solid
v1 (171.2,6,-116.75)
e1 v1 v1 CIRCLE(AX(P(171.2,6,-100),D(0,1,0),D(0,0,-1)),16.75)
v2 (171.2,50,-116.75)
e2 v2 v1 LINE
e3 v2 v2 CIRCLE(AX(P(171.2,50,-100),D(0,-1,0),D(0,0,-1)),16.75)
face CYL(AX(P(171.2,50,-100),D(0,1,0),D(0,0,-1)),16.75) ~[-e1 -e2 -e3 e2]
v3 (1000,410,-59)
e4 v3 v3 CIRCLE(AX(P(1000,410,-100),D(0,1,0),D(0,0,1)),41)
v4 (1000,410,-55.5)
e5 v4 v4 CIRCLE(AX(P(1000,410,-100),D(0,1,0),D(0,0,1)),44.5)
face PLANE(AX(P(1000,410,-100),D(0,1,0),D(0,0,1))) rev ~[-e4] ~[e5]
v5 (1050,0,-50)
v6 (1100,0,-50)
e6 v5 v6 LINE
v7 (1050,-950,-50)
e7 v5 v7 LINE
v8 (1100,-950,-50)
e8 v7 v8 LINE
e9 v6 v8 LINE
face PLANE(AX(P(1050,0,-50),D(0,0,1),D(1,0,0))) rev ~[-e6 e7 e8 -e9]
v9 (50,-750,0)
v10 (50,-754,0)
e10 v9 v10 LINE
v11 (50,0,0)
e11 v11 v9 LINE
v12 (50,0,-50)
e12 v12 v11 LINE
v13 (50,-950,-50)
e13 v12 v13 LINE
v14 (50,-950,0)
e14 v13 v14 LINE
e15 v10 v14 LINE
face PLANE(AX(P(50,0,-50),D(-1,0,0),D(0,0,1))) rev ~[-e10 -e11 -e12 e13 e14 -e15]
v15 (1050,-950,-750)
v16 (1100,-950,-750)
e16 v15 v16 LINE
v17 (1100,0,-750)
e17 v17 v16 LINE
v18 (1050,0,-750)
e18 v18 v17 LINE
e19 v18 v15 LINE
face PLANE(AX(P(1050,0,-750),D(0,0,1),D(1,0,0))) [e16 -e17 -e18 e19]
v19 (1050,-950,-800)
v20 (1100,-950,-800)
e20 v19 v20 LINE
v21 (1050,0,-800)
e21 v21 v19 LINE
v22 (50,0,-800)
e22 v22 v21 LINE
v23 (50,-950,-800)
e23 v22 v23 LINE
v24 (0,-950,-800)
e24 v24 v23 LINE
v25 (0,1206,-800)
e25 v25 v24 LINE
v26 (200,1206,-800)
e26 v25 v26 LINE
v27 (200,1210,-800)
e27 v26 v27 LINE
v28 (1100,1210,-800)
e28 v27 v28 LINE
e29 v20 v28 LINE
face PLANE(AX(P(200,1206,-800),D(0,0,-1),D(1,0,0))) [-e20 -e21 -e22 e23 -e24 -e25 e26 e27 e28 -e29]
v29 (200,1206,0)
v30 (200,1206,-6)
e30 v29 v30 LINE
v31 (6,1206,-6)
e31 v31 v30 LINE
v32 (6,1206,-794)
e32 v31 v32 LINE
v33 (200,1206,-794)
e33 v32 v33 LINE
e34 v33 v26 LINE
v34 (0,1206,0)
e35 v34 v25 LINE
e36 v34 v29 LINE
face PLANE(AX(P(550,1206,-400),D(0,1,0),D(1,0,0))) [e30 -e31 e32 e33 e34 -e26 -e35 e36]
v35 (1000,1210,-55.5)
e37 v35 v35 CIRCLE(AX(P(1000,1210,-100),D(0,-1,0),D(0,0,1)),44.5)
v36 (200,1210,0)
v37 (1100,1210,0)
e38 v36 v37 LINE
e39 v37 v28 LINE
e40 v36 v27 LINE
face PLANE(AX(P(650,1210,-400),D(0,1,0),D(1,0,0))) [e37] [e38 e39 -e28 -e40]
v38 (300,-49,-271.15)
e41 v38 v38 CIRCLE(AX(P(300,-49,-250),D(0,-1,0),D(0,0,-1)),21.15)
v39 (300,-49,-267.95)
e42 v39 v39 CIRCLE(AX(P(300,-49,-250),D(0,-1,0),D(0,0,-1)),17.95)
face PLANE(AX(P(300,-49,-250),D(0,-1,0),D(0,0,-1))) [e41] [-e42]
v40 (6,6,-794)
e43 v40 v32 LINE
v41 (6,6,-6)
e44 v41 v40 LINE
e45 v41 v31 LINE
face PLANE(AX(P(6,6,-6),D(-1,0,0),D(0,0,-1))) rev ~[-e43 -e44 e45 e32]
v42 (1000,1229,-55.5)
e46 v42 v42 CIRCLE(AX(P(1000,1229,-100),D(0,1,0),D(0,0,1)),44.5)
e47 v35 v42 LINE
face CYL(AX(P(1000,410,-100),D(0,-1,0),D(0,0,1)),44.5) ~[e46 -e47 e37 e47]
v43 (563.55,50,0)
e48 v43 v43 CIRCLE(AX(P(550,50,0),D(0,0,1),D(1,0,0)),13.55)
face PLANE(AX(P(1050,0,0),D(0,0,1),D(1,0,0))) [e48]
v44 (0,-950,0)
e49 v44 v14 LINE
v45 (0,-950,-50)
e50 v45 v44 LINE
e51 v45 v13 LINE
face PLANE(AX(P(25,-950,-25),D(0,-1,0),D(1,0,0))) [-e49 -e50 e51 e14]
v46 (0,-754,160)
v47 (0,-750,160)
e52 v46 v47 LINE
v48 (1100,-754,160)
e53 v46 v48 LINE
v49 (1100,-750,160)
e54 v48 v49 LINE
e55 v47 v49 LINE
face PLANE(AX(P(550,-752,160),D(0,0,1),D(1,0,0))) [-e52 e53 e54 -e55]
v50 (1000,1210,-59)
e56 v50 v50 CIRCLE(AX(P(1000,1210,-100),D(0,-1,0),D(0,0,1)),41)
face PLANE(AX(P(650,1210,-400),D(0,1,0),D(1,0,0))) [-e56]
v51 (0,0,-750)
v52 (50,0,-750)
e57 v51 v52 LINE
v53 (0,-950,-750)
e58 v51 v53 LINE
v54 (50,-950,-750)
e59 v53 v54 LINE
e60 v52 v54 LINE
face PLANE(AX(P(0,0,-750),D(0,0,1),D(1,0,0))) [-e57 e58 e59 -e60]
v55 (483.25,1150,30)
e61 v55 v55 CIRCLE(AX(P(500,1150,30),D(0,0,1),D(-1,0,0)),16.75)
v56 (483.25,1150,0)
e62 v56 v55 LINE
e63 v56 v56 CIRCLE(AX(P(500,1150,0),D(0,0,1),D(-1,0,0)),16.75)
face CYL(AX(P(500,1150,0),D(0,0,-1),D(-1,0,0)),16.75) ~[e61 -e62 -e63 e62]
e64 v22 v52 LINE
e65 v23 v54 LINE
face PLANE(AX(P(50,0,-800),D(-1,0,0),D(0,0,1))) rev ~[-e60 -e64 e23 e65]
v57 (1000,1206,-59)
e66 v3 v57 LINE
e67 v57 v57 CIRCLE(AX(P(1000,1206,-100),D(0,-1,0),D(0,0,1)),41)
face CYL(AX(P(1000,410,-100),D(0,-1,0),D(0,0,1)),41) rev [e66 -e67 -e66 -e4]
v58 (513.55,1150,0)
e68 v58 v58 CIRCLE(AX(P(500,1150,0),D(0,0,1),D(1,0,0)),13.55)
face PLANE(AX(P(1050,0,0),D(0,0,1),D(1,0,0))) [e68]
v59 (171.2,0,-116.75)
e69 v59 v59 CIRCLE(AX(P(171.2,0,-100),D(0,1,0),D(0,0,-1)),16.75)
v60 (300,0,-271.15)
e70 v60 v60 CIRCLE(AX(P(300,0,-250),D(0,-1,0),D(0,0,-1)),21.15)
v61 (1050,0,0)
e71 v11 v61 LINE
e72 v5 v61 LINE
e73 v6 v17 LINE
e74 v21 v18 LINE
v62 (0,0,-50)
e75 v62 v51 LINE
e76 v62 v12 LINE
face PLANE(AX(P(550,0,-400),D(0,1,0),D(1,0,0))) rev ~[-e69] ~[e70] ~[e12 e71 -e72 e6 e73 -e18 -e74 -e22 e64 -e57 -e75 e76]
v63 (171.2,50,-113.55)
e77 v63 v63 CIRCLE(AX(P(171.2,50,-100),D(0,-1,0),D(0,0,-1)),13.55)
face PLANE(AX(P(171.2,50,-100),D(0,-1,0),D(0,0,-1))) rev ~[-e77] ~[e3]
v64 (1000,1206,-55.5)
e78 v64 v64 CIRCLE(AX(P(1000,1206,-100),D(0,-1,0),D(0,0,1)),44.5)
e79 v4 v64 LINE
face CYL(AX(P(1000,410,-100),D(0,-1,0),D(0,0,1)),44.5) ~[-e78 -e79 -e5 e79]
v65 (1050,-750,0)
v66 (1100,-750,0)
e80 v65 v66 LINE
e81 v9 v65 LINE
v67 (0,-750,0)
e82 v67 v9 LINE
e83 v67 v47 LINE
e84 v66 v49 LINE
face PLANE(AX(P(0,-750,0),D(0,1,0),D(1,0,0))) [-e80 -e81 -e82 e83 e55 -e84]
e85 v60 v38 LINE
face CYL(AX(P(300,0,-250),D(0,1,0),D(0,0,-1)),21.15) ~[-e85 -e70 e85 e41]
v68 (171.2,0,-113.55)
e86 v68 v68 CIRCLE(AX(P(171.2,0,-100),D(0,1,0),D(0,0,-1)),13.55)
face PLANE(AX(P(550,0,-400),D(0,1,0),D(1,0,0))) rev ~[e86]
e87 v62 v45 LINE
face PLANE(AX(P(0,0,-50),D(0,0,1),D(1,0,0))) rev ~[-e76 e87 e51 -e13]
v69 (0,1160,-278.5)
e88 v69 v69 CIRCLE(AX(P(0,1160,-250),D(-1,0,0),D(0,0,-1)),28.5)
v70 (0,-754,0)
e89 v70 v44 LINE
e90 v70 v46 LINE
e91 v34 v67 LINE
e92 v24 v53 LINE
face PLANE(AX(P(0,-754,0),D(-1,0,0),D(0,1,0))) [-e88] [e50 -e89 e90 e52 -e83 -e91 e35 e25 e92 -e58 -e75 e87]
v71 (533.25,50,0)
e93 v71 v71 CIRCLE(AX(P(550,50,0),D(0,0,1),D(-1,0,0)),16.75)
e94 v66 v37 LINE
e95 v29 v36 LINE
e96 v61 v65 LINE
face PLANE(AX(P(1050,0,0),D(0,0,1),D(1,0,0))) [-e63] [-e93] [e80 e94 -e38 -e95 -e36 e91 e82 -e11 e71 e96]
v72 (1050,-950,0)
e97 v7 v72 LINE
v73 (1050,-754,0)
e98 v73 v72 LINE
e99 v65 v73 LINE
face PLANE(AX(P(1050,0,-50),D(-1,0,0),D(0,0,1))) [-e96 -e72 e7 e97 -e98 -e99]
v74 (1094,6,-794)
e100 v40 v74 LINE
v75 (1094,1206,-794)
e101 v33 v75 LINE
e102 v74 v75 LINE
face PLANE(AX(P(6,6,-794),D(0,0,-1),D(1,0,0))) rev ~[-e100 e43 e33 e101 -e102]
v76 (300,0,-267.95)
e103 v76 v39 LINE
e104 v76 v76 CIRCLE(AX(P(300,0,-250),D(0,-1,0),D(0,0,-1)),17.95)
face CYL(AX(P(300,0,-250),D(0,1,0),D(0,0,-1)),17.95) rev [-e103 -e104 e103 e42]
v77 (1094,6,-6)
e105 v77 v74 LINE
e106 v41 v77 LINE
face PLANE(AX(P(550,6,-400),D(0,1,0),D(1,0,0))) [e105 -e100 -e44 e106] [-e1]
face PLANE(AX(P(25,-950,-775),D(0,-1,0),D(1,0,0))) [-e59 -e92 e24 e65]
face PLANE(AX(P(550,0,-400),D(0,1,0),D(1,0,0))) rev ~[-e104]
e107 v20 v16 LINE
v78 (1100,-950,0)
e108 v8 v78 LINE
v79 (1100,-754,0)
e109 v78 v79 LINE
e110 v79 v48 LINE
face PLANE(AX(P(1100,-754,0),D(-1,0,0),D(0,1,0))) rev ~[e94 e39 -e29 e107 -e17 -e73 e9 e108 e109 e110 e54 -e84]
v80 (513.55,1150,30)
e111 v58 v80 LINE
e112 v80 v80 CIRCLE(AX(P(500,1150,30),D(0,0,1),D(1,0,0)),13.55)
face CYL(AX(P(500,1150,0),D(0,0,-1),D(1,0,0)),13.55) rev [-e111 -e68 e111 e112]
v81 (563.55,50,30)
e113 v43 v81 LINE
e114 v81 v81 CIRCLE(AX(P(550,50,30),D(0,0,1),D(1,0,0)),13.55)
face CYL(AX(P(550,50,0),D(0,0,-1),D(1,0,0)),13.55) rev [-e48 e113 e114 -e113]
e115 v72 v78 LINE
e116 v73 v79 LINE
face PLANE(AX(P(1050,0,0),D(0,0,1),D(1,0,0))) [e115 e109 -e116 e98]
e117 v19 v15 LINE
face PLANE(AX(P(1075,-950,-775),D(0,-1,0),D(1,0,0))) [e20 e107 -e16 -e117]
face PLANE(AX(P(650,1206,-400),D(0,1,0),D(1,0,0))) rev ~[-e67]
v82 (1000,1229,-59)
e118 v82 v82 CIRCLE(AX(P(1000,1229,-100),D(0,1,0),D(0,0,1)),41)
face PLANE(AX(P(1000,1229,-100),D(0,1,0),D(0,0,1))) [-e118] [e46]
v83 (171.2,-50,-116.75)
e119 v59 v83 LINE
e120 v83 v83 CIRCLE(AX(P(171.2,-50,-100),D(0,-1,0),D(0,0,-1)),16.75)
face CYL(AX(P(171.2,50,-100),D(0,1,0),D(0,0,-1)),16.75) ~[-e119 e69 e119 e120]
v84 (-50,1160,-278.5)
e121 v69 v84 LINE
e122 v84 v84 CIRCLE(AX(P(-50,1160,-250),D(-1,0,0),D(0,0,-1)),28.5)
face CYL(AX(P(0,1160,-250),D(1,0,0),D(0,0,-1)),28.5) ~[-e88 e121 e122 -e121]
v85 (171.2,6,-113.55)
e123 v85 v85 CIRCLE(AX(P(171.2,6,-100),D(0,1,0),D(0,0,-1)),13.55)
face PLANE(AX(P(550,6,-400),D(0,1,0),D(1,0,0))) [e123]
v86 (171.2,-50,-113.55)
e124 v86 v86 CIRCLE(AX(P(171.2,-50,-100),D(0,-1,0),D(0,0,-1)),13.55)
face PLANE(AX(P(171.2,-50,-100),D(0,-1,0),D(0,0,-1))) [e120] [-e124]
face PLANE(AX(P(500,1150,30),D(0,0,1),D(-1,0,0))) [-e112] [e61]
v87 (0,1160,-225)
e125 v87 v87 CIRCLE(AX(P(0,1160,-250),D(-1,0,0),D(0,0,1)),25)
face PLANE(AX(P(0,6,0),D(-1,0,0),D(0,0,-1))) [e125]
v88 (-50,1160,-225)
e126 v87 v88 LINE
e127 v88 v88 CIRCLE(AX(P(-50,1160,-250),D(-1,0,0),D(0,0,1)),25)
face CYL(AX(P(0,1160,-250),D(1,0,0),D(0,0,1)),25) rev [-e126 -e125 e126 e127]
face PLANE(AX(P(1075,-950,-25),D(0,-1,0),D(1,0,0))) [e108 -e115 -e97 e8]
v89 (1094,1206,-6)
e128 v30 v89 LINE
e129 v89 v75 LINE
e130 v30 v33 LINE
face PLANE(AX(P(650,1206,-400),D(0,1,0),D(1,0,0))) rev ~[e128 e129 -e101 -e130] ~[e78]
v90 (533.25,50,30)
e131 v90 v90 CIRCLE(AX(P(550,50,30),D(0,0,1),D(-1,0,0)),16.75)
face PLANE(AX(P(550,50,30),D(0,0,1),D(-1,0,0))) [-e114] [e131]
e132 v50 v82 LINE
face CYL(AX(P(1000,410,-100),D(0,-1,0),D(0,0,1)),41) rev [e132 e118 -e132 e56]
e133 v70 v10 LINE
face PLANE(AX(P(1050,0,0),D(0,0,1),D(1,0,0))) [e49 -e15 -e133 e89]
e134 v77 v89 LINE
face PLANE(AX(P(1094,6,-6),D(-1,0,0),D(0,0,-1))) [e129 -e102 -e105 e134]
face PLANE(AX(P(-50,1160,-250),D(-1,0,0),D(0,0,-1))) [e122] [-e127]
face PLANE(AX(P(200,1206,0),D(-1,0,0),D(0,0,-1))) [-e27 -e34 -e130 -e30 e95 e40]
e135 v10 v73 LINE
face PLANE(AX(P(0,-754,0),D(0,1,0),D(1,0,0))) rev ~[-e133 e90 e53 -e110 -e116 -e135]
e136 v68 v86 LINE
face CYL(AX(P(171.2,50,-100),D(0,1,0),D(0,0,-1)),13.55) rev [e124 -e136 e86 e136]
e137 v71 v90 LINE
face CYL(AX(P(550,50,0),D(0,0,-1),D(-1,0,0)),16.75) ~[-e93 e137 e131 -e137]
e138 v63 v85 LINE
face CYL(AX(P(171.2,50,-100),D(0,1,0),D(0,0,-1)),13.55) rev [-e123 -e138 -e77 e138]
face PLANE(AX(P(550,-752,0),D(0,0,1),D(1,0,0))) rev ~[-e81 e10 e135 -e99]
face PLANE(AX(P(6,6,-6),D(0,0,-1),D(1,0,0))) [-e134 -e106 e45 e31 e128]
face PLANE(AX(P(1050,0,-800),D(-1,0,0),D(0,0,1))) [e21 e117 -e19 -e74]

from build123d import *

# Parameters (mm, degrees)
SKETCH_1_W           = 1100
SKETCH_1_H           = 800
EXTRUDE_1_DEPTH      = 6
SKETCH_3_W           = 1100
SKETCH_3_H           = 800
SKETCH_3_W_2         = 1088
SKETCH_3_H_2         = 788
EXTRUDE_2_DEPTH      = 1200
SKETCH_4_W           = 900
SKETCH_4_H           = 800
EXTRUDE_3_DEPTH      = 4
SKETCH_5_W           = 50
SKETCH_5_H           = 50
EXTRUDE_4_DEPTH      = 950
EXTRUDE_5_DEPTH      = 19
EXTRUDE_5_DEPTH_BACK = 800
SKETCH_6_R           = 44.5
SKETCH_6_R_2         = 41
SKETCH_7_R           = 28.5
SKETCH_7_R_2         = 25
EXTRUDE_6_DEPTH      = 50
EXTRUDE_7_DEPTH      = 50
EXTRUDE_7_DEPTH_BACK = 50
SKETCH_8_R           = 16.75
SKETCH_8_R_2         = 13.55
SKETCH_9_R           = 21.15
SKETCH_9_R_2         = 17.95
EXTRUDE_8_DEPTH      = 49
SKETCH_10_R          = 16.75
SKETCH_10_R_2        = 13.55
EXTRUDE_9_DEPTH      = 30
SKETCH_13_W          = 1100
SKETCH_13_H          = 4
EXTRUDE_12_DEPTH     = 160
SKETCH_14_R          = 16.75
SKETCH_14_R_2        = 13.55
EXTRUDE_13_DEPTH     = 30


with BuildPart() as part:
    # Эскиз1 → Бобышка-Вытянуть1 (new body)
    with BuildSketch(Plane(origin=(0, 0, 0), x_dir=(1, 0, 0), z_dir=(0, 1, 0))):
        with Locations((550, 400)):
            Rectangle(SKETCH_1_W, SKETCH_1_H)
    extrude(amount=EXTRUDE_1_DEPTH)

    # Эскиз3 → Бобышка-Вытянуть2 (add)
    with BuildSketch(Plane(origin=(0, 6, 0), x_dir=(1, 0, 0), z_dir=(0, 1, 0))):
        with Locations((550, 400)):
            Rectangle(SKETCH_3_W, SKETCH_3_H)
        with Locations((550, 400)):
            Rectangle(SKETCH_3_W_2, SKETCH_3_H_2, mode=Mode.SUBTRACT)
    extrude(amount=EXTRUDE_2_DEPTH)

    # Эскиз4 → Бобышка-Вытянуть3 (add)
    with BuildSketch(Plane(origin=(0, 1206, 0), x_dir=(1, 0, 0), z_dir=(0, 1, 0))):
        with Locations((650, 400)):
            Rectangle(SKETCH_4_W, SKETCH_4_H)
    extrude(amount=EXTRUDE_3_DEPTH)

    # Эскиз5 → Бобышка-Вытянуть4 (add)
    with BuildSketch(Plane.XZ):
        with Locations((1075, -25)):
            Rectangle(SKETCH_5_W, SKETCH_5_H)
        with Locations((25, -25)):
            Rectangle(SKETCH_5_W, SKETCH_5_H)
        with Locations((1075, -775)):
            Rectangle(SKETCH_5_W, SKETCH_5_H)
        with Locations((25, -775)):
            Rectangle(SKETCH_5_W, SKETCH_5_H)
    extrude(amount=EXTRUDE_4_DEPTH)

    # Эскиз6 → Бобышка-Вытянуть5 (add, two sides: drawn at the far end of the back side and taken through both)
    with BuildSketch(Plane(origin=(0, 1210, 0), x_dir=(1, 0, 0), z_dir=(0, 1, 0)).offset(-EXTRUDE_5_DEPTH_BACK)):
        with Locations(Location((1000, 100, 0), (0, 0, 270))):
            Circle(SKETCH_6_R)
        with Locations(Location((1000, 100, 0), (0, 0, 270))):
            Circle(SKETCH_6_R_2, mode=Mode.SUBTRACT)
    extrude(amount=EXTRUDE_5_DEPTH + EXTRUDE_5_DEPTH_BACK)

    # Эскиз7 → Бобышка-Вытянуть6 (add)
    with BuildSketch(Plane.ZY):
        with Locations(Location((-250, 1160, 0), (0, 0, 180))):
            Circle(SKETCH_7_R)
        with Locations((-250, 1160)):
            Circle(SKETCH_7_R_2, mode=Mode.SUBTRACT)
    extrude(amount=EXTRUDE_6_DEPTH)

    # Эскиз8 → Бобышка-Вытянуть7 (add, two sides: drawn at the far end of the back side and taken through both)
    with BuildSketch(Plane.XZ.offset(-EXTRUDE_7_DEPTH_BACK)):
        with Locations(Location((171.2, -100, 0), (0, 0, 270))):
            Circle(SKETCH_8_R)
        with Locations(Location((171.2, -100, 0), (0, 0, 270))):
            Circle(SKETCH_8_R_2, mode=Mode.SUBTRACT)
    extrude(amount=EXTRUDE_7_DEPTH + EXTRUDE_7_DEPTH_BACK)

    # Эскиз9 → Бобышка-Вытянуть8 (add)
    with BuildSketch(Plane.XZ):
        with Locations(Location((300, -250, 0), (0, 0, 270))):
            Circle(SKETCH_9_R)
        with Locations(Location((300, -250, 0), (0, 0, 270))):
            Circle(SKETCH_9_R_2, mode=Mode.SUBTRACT)
    extrude(amount=EXTRUDE_8_DEPTH)

    # Эскиз10 → Бобышка-Вытянуть9 (add)
    with BuildSketch(Plane.XY):
        with Locations(Location((500, 1150, 0), (0, 0, 180))):
            Circle(SKETCH_10_R)
        with Locations((500, 1150)):
            Circle(SKETCH_10_R_2, mode=Mode.SUBTRACT)
    extrude(amount=EXTRUDE_9_DEPTH)

    # Эскиз13 → Бобышка-Вытянуть12 (add)
    with BuildSketch(Plane.XY):
        with Locations((550, -752)):
            Rectangle(SKETCH_13_W, SKETCH_13_H)
    extrude(amount=EXTRUDE_12_DEPTH)

    # Эскиз14 → Бобышка-Вытянуть13 (add)
    with BuildSketch(Plane.XY):
        with Locations(Location((550, 50, 0), (0, 0, 180))):
            Circle(SKETCH_14_R)
        with Locations((550, 50)):
            Circle(SKETCH_14_R_2, mode=Mode.SUBTRACT)
    extrude(amount=EXTRUDE_13_DEPTH)


solid = part.part
